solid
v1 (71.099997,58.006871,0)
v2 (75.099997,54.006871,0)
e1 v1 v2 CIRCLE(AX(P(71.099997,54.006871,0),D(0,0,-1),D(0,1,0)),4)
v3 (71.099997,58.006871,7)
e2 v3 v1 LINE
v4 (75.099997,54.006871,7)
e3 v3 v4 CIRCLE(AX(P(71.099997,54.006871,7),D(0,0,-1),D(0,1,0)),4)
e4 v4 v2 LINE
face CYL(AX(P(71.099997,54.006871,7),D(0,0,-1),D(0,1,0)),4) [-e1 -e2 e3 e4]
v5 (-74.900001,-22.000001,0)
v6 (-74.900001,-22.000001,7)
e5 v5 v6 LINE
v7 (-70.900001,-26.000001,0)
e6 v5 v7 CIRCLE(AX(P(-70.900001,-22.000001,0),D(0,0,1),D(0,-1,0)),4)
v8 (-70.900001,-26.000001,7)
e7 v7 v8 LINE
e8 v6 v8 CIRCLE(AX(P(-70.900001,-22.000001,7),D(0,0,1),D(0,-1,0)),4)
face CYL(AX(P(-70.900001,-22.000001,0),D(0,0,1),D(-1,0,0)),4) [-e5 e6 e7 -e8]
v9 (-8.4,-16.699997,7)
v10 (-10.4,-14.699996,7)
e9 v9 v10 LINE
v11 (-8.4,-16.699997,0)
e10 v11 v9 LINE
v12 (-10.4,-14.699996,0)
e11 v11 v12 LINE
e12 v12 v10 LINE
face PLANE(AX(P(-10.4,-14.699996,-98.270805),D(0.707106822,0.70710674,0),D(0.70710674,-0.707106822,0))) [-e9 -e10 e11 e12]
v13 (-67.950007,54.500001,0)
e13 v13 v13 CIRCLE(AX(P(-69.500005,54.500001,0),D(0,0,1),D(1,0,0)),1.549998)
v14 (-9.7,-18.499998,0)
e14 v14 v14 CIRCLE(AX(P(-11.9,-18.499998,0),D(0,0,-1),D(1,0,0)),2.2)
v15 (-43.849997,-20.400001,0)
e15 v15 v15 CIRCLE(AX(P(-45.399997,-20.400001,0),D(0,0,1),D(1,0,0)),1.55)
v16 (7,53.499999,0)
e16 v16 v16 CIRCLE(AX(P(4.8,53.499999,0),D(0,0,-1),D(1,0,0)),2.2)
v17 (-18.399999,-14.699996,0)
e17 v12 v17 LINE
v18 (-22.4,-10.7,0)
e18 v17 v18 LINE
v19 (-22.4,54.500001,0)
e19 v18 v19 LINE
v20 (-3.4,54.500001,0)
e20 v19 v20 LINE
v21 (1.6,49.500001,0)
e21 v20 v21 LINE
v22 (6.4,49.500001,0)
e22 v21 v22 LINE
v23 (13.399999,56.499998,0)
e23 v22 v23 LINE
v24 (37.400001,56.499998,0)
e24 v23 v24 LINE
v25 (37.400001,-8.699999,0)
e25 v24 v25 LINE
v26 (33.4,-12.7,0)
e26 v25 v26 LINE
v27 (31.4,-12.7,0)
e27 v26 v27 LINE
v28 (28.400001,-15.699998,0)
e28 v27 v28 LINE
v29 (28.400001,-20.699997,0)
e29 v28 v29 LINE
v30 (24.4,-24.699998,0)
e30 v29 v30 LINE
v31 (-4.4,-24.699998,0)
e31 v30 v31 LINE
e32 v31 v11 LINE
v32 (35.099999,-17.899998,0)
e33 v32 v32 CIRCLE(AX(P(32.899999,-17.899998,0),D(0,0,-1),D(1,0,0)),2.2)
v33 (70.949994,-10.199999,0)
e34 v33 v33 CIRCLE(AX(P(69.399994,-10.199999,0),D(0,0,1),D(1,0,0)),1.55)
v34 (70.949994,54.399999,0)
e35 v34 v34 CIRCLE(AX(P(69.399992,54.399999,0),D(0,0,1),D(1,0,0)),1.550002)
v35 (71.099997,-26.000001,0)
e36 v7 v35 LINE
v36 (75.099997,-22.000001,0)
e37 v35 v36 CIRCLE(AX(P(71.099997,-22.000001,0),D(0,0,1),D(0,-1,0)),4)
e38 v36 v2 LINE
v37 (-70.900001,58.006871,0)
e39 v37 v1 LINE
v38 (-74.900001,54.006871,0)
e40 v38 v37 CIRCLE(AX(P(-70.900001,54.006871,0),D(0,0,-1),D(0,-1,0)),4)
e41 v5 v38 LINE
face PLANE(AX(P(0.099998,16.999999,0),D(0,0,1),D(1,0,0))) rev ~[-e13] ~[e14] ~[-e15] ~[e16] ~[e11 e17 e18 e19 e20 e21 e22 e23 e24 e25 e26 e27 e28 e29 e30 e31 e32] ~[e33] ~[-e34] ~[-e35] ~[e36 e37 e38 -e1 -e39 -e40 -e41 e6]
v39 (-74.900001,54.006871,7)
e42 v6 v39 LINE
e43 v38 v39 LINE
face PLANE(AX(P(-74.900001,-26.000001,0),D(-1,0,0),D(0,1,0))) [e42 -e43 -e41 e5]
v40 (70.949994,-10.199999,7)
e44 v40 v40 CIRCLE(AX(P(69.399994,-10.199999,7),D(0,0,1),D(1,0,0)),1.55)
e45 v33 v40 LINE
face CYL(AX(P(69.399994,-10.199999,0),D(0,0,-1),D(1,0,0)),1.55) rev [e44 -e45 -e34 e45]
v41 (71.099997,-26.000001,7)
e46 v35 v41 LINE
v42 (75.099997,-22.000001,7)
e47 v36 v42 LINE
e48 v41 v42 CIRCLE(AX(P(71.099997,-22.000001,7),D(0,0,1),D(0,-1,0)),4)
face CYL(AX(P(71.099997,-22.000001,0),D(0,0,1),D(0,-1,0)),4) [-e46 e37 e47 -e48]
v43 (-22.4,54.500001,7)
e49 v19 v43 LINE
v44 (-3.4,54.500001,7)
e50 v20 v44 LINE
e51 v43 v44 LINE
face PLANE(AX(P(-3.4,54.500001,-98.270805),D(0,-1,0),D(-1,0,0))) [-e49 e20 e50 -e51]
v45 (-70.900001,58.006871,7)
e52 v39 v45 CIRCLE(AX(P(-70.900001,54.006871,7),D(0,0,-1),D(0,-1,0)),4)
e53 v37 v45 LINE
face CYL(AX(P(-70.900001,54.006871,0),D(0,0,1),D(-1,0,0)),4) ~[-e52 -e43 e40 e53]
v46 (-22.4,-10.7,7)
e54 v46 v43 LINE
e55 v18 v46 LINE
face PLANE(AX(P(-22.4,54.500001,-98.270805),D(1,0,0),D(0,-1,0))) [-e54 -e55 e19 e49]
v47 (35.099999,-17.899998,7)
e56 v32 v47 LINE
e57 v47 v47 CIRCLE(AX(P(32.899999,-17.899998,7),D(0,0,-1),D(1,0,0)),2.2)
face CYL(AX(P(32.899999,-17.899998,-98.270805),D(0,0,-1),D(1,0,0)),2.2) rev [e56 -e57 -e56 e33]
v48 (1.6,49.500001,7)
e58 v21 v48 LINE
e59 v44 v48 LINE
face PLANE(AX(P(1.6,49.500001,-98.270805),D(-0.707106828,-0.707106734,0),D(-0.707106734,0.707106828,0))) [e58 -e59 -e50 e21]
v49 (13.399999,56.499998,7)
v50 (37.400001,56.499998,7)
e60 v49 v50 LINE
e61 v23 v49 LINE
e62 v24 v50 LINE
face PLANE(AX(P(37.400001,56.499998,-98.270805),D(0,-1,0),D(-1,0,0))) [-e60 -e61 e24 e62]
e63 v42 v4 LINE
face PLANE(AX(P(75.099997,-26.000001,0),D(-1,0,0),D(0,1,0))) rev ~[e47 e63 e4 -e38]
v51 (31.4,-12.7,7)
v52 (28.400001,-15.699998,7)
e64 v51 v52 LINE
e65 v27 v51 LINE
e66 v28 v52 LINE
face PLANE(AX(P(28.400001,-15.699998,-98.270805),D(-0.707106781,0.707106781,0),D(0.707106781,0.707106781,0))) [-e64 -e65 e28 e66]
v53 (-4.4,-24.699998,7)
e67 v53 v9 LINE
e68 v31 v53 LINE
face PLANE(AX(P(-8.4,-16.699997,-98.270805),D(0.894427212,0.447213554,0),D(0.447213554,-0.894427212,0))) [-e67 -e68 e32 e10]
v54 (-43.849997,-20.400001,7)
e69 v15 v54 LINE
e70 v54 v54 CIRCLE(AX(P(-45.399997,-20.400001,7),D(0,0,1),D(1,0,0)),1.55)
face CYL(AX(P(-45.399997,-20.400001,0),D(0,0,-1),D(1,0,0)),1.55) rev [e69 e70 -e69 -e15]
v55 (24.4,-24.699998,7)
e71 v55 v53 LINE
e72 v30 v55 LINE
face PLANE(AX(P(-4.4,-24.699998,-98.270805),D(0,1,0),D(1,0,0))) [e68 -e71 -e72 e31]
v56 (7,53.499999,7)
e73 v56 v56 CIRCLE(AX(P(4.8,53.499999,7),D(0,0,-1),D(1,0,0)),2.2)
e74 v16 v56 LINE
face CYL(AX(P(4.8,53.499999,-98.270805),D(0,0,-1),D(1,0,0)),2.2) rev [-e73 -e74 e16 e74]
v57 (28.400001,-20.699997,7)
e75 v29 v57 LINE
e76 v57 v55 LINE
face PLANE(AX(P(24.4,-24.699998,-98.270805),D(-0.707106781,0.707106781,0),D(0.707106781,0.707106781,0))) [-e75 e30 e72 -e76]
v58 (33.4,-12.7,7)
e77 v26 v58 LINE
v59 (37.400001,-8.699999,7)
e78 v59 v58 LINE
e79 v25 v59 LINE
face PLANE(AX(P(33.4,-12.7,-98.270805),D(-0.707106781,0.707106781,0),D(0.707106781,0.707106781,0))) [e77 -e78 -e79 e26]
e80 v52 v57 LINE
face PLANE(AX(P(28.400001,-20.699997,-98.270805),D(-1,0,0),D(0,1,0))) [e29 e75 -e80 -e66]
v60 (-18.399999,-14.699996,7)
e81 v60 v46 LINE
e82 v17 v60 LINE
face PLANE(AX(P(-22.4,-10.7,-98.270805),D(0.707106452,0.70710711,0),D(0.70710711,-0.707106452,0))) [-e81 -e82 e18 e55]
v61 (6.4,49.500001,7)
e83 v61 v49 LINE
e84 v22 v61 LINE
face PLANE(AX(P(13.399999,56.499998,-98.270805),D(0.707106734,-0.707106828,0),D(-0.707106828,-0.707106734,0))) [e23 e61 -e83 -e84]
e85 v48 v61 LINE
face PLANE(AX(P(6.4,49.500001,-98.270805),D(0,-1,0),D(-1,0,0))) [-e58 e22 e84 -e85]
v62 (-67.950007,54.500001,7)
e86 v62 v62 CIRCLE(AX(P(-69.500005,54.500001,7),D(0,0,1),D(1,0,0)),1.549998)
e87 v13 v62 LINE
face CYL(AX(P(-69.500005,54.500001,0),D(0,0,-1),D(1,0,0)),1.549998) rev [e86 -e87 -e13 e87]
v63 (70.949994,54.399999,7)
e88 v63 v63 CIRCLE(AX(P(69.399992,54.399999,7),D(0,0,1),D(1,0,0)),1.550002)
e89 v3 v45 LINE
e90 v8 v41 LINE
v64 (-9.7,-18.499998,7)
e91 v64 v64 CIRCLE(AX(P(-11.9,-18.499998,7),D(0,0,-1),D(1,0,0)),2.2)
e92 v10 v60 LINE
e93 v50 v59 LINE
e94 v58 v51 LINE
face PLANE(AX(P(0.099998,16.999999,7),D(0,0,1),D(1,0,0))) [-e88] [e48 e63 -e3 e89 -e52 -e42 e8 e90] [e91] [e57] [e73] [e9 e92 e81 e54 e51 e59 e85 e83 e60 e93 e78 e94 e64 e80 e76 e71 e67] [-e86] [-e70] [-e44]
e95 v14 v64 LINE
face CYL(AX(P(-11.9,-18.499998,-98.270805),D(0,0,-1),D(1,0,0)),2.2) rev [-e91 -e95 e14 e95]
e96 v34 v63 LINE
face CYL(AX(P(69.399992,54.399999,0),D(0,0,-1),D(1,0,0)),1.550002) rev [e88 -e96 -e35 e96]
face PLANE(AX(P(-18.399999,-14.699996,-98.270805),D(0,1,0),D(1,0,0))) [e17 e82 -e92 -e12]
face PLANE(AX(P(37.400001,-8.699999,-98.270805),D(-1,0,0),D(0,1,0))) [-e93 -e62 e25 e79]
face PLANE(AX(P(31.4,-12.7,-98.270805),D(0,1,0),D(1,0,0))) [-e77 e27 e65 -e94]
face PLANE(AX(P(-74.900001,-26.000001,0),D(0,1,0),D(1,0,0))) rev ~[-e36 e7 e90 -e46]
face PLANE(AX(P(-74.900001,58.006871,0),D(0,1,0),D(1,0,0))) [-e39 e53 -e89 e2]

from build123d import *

# Parameters (mm, degrees)
ESQUISSE2_W                  = 149.999998509
ESQUISSE2_H                  = 85.999999195
ESQUISSE2_R                  = 1.549998298
ESQUISSE2_R_2                = 1.550002024
ESQUISSE2_R_3                = 1.550000161
BOSS_EXTRU_1_DEPTH           = 7
ENL_V_MAT_EXTRU_1_DEPTH      = 98.270805324
ENL_V_MAT_EXTRU_1_DEPTH_BACK = 98.270805324
ESQUISSE1_R                  = 2.199999988
ESQUISSE1_R_2                = 2.199999813
ESQUISSE3_W                  = 166.207428958
ESQUISSE3_H                  = 65.702519239
ENL_V_MAT_EXTRU_2_DEPTH      = 97.379507271
CONG_1_R                     = 4


with BuildPart() as part:
    # Esquisse2 → Boss.-Extru.1 (new body)
    with BuildSketch(Plane.XY):
        with Locations((0.099997967, 16.999999062)):
            Rectangle(ESQUISSE2_W, ESQUISSE2_H)
        with Locations((-69.500004873, 54.500000551)):
            Circle(ESQUISSE2_R, mode=Mode.SUBTRACT)
        with Locations((69.399992004, 54.399998859)):
            Circle(ESQUISSE2_R_2, mode=Mode.SUBTRACT)
        with Locations((69.399993867, -10.199999437)):
            Circle(ESQUISSE2_R_3, mode=Mode.SUBTRACT)
        with Locations((-45.399997383, -20.400000736)):
            Circle(ESQUISSE2_R_3, mode=Mode.SUBTRACT)
    extrude(amount=BOSS_EXTRU_1_DEPTH)

    # Esquisse1 → Enlèv. mat.-Extru.1 (cut, two sides: drawn at the far end of the back side and taken through both)
    with BuildSketch(Plane(origin=(-8.3999997, 23.400000297, 0), x_dir=(0, -1, 0), z_dir=(0, 0, 1)).offset(-ENL_V_MAT_EXTRU_1_DEPTH_BACK)):
        with Locations(Location((-30.09999916, 13.199999928, 0), (0, 0, 90))):
            Circle(ESQUISSE1_R)
        with Locations(Location((41.29999876, 41.29999876, 0), (0, 0, 90))):
            Circle(ESQUISSE1_R)
        with Locations(Location((41.899997916, -3.499999817, 0), (0, 0, 90))):
            Circle(ESQUISSE1_R_2)
        Polygon((36.100000143, 41.799999774), (32.099999487, 45.800000429), (-33.099997789, 45.800000429), (-33.099997789, 21.799998358), (-26.100000367, 14.800000004), (-26.100000367, 9.999999776), (-31.100001053, 4.999999755), (-31.100001053, -14.000000432), (34.099999815, -14.000000432), (38.099996746, -9.999999776), (38.099996746, -2.000000095), (40.099997073, 0), (48.099998385, 4.00000019), (48.099998385, 32.800000161), (44.099997729, 36.800000817), (39.099998772, 36.800000817), (36.100000143, 39.799999446), align=None)
    extrude(amount=ENL_V_MAT_EXTRU_1_DEPTH + ENL_V_MAT_EXTRU_1_DEPTH_BACK, mode=Mode.SUBTRACT)

    # Esquisse3 → Enlèv. mat.-Extru.2 (cut, through all)
    with BuildSketch(Plane.XY):
        with Locations((8.203713192, 90.85813109)):
            Rectangle(ESQUISSE3_W, ESQUISSE3_H)
    extrude(amount=ENL_V_MAT_EXTRU_2_DEPTH, mode=Mode.SUBTRACT)

    # Congé1
    cong_1_edges = [part.edges().sort_by_distance(p)[0] for p in [
        (75.099997222, 58.00687147, 3.5),
        (-74.900001287, 58.00687147, 3.5),
        (75.099997222, -26.000000536, 3.5),
        (-74.900001287, -26.000000536, 3.5),
    ]]
    fillet(cong_1_edges, radius=CONG_1_R)


solid = part.part
